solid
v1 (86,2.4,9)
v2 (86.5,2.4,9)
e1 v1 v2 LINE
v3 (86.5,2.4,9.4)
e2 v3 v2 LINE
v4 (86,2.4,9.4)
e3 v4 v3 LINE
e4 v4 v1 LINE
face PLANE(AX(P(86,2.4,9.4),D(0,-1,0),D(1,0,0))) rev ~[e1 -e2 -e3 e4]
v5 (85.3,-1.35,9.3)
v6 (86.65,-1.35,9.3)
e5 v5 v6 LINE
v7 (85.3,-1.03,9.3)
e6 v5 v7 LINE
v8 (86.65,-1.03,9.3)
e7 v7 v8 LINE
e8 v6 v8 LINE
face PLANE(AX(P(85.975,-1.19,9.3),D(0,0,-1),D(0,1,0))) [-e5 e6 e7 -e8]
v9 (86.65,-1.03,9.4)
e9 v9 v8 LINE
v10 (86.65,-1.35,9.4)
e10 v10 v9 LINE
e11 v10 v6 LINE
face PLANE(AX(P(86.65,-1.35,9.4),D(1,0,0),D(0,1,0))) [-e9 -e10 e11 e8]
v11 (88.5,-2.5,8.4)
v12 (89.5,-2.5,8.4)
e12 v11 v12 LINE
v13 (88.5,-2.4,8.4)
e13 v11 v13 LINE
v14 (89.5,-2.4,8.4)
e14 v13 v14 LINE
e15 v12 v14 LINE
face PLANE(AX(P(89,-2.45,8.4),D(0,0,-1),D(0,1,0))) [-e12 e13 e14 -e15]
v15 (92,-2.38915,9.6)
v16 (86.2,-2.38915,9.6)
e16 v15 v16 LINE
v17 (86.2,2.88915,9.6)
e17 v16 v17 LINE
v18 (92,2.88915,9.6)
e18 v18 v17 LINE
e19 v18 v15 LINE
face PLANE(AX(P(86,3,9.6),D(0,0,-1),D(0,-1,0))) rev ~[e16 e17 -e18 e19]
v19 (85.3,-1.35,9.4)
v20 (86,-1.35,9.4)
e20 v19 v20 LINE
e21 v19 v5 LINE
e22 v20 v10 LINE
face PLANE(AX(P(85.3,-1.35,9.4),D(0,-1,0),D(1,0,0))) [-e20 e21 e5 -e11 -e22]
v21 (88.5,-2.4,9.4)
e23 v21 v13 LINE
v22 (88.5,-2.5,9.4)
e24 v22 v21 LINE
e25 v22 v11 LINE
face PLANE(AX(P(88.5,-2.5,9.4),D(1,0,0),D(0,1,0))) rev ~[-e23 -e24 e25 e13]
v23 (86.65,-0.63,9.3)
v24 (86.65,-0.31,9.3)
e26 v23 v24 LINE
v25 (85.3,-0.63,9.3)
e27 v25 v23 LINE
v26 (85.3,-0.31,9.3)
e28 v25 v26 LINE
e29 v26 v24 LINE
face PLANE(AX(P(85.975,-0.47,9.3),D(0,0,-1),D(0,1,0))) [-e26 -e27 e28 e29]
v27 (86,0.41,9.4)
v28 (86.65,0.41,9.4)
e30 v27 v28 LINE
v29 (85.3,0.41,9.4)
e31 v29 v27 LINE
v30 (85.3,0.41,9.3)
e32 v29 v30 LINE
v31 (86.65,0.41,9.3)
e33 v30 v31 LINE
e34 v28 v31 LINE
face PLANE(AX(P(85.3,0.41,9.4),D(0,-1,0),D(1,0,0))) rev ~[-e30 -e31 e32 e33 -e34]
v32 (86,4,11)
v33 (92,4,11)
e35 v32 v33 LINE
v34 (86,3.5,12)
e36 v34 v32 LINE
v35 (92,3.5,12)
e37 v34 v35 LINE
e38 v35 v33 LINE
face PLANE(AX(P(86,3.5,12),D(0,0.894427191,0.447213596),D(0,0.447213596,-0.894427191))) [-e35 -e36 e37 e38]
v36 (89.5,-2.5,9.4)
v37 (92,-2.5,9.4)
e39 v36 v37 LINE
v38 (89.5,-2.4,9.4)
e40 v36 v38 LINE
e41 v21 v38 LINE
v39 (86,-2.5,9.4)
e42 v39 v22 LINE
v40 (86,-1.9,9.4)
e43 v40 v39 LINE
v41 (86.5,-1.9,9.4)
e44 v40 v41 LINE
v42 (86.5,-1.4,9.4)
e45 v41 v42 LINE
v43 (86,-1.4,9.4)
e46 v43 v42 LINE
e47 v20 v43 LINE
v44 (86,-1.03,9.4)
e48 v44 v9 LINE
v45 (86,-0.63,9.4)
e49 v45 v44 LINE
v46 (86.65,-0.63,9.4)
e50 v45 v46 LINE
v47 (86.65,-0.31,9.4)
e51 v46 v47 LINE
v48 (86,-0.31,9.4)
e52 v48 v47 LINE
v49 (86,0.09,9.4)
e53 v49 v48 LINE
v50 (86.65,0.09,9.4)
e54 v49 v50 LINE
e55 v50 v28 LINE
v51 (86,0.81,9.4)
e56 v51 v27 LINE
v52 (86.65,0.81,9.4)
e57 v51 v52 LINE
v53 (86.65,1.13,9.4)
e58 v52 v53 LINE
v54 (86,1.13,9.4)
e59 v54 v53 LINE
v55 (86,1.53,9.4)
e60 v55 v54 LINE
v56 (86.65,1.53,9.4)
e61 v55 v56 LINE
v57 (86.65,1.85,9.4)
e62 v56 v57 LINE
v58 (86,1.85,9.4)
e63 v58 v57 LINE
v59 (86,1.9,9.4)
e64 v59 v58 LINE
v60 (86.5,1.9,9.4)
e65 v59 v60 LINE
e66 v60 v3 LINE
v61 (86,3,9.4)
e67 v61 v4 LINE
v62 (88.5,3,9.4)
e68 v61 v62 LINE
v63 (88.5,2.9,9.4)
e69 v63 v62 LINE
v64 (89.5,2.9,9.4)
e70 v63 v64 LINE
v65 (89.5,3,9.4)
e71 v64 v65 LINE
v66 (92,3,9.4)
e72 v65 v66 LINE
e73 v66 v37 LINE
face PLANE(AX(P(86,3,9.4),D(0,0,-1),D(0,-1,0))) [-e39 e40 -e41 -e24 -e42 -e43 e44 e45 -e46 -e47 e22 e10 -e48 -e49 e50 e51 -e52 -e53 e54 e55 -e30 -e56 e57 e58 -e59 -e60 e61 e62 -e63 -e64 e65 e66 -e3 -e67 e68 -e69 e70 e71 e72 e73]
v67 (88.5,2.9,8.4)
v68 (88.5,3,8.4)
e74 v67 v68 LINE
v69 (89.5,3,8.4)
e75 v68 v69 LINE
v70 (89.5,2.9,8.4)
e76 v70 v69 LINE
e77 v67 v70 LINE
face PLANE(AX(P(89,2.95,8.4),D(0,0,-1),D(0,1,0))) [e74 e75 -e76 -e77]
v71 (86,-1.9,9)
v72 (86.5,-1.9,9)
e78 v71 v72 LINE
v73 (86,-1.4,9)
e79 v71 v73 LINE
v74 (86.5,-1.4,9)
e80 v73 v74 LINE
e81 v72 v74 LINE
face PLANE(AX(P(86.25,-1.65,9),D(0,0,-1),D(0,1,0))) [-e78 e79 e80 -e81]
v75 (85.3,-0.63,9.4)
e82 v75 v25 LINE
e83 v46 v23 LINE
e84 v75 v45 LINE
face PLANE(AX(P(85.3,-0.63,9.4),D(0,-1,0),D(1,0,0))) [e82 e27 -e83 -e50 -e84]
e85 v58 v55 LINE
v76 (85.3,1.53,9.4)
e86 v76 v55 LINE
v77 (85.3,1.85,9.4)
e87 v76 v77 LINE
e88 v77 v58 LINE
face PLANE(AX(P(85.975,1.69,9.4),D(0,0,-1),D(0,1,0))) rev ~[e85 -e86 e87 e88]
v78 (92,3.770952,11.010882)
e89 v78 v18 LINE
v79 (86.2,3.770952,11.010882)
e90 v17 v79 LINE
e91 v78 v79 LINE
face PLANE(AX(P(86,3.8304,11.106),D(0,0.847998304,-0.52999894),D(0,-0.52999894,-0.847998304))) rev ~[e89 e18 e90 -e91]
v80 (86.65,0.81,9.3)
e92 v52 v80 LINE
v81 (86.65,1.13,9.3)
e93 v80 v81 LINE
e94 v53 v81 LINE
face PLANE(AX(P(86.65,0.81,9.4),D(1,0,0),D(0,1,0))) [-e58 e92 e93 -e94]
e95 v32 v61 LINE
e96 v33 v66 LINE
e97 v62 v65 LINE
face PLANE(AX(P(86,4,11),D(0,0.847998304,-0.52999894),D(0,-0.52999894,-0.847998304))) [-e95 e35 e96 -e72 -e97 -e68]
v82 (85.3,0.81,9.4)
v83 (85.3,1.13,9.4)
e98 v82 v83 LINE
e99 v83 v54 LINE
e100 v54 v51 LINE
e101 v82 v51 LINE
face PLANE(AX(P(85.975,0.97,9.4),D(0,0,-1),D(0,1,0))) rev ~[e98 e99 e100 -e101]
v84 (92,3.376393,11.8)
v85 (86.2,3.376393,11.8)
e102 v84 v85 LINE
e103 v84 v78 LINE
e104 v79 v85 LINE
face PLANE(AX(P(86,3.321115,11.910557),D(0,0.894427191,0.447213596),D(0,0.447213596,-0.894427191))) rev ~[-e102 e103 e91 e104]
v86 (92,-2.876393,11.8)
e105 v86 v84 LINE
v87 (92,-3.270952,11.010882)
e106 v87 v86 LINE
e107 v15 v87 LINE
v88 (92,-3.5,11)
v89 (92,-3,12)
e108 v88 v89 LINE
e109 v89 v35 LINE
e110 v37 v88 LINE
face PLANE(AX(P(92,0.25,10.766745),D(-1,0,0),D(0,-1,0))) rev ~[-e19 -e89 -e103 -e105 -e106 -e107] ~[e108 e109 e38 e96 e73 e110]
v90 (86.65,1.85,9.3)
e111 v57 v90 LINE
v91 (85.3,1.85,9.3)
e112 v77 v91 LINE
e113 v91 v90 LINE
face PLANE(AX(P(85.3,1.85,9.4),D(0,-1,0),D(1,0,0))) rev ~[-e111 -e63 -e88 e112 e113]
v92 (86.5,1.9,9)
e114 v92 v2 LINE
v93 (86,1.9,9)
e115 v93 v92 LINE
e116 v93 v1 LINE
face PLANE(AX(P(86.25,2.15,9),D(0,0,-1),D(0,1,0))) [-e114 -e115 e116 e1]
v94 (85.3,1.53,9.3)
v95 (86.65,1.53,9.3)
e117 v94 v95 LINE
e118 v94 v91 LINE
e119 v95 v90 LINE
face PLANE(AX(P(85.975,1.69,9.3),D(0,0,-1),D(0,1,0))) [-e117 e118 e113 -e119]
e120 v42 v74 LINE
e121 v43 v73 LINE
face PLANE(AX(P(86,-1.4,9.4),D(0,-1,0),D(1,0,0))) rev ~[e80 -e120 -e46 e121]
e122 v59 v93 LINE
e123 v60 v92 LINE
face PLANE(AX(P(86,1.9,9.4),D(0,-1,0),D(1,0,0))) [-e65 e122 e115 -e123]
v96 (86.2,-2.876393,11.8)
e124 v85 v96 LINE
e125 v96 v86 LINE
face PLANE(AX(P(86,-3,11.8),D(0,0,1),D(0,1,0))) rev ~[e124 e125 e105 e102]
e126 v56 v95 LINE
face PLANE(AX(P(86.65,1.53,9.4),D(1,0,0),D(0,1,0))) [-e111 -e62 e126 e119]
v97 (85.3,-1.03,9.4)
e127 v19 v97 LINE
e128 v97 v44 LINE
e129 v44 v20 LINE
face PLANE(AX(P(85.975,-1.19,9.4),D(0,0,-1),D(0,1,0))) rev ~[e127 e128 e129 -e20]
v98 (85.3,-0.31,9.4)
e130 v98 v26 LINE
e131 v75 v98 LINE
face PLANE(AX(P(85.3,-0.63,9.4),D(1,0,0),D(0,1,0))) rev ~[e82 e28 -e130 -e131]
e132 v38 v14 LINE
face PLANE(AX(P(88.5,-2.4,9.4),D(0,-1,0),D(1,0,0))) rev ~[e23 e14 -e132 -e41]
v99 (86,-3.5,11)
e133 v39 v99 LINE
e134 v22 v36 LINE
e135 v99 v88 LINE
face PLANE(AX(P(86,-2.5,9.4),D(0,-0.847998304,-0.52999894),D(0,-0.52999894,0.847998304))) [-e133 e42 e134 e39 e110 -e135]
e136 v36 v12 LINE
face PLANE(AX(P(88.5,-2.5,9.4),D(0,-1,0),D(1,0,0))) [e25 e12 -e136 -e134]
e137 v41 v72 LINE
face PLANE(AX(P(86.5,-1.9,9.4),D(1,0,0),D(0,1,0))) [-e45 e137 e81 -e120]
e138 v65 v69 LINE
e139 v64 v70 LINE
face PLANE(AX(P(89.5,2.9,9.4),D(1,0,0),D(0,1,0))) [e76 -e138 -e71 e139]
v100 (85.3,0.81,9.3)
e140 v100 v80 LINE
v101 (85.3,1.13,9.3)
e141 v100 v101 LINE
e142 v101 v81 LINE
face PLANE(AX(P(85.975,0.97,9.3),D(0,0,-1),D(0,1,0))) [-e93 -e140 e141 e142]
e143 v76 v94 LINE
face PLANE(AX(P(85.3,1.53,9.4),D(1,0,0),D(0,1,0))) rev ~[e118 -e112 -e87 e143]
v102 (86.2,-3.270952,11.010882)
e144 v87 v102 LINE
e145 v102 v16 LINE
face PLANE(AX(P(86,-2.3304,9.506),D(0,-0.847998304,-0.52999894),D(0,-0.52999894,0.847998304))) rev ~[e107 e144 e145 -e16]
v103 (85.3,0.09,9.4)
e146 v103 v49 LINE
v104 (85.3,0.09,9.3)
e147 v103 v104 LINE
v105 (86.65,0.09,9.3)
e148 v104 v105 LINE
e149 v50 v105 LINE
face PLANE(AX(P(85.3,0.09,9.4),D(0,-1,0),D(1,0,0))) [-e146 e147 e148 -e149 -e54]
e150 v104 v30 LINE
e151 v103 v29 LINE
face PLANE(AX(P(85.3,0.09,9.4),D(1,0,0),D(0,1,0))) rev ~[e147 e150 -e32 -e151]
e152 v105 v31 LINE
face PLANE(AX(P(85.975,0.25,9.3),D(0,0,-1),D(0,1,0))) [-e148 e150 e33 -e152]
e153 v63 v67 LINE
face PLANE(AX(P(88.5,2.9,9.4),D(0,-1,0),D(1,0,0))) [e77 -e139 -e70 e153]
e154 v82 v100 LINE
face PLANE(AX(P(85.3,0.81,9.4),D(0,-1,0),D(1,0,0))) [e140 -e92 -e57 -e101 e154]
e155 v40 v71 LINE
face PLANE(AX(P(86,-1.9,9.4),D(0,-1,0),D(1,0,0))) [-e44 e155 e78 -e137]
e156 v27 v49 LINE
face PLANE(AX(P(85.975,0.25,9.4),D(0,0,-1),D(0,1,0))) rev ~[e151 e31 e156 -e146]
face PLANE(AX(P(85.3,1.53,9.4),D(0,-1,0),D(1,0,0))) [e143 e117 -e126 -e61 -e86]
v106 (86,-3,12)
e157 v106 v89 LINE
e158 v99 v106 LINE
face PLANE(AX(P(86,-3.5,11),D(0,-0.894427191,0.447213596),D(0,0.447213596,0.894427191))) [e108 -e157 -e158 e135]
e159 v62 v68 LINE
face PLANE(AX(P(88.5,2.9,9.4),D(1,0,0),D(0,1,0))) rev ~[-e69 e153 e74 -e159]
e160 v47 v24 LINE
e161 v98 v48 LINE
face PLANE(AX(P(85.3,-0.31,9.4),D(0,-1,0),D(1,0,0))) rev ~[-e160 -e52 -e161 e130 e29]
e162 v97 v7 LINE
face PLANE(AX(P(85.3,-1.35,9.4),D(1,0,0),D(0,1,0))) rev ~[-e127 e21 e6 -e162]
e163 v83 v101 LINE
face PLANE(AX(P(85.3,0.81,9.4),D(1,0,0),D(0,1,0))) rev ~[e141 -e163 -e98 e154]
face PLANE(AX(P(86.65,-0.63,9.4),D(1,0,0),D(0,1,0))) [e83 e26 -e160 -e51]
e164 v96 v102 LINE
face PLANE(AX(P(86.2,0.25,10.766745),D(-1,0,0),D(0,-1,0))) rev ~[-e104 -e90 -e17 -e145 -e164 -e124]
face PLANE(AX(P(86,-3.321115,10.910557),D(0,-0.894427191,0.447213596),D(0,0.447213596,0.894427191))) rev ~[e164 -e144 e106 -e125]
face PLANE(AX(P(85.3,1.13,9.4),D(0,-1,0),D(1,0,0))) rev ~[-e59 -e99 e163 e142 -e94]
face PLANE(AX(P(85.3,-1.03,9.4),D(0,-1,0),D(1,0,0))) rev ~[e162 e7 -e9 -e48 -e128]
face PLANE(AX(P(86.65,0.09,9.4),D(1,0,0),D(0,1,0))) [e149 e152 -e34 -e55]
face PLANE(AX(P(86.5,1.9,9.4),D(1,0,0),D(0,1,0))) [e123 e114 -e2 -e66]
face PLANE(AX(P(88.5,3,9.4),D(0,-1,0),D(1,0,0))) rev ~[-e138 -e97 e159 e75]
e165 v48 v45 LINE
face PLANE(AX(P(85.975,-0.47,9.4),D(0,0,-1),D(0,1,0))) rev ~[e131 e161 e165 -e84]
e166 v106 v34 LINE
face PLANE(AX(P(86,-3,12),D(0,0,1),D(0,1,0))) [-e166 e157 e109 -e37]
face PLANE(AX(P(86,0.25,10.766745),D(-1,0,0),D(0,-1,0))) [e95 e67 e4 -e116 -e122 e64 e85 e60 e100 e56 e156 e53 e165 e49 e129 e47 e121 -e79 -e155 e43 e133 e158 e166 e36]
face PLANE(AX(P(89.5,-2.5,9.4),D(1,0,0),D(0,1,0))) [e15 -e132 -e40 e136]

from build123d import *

# Parameters (mm, degrees)
PAD004_DEPTH            = 6
THICKNESS_T             = -0.2
SKETCH016_W             = 0.1
SKETCH016_H             = 1
PAD005_DEPTH            = 1
SKETCH017_W             = 0.5
SKETCH017_H             = 0.5
PAD006_DEPTH            = 0.4
SKETCH018_W             = 0.32
SKETCH018_H             = 1.35
PAD007_DEPTH            = 0.1
BODY002_ROLL_ANGLE      = 90
BODY002_PLACEMENT_ANGLE = 90


with BuildPart() as part:
    # Sketch015 → Pad004 (new body)
    with BuildSketch(Plane.XY):
        Polygon((0, 0), (6.5, 0), (7, -1), (6, -2.6), (0.5, -2.6), (-0.5, -1), align=None)
    extrude(amount=PAD004_DEPTH)

    # Thickness
    thickness_openings = [part.faces().sort_by_distance(p)[0] for p in [
        (3.25, -1.25728, 6),
    ]]
    offset(amount=THICKNESS_T, openings=thickness_openings)

    # Sketch016 (on Face5 of Thickness) → Pad005 (join)
    with BuildSketch(Plane.XZ.offset(2.6)):
        with Locations((5.95, 3)):
            Rectangle(SKETCH016_W, SKETCH016_H)
        with Locations((0.55, 3)):
            Rectangle(SKETCH016_W, SKETCH016_H)
    extrude(amount=PAD005_DEPTH)

    # Sketch017 (on Face7 of Pad005) → Pad006 (join)
    with BuildSketch(Plane.XZ.offset(2.6)):
        with Locations((1.35, 0.25)):
            Rectangle(SKETCH017_W, SKETCH017_H)
        with Locations((5.15, 0.25)):
            Rectangle(SKETCH017_W, SKETCH017_H)
    extrude(amount=PAD006_DEPTH)

    # Sketch018 (on Face7 of Pad006) → Pad007 (join)
    with BuildSketch(Plane.XZ.offset(2.6)):
        with Locations((1.81, -0.025)):
            Rectangle(SKETCH018_W, SKETCH018_H)
        with Locations((2.53, -0.025)):
            Rectangle(SKETCH018_W, SKETCH018_H)
        with Locations((3.25, -0.025)):
            Rectangle(SKETCH018_W, SKETCH018_H)
        with Locations((3.97, -0.025)):
            Rectangle(SKETCH018_W, SKETCH018_H)
        with Locations((4.69, -0.025)):
            Rectangle(SKETCH018_W, SKETCH018_H)
    extrude(amount=PAD007_DEPTH)


with BuildPart() as part_1:
    # Body002 roll: moved
    add(part.part.rotate(Axis((0, 0, 0), (1, 0, 0)), BODY002_ROLL_ANGLE))


with BuildPart() as part_2:
    # Body002 placement: moved
    add(part_1.part.moved(Location((86, -3, 12))).rotate(Axis((86, -3, 12), (0, 0, 1)), BODY002_PLACEMENT_ANGLE))


solid = part_2.part
